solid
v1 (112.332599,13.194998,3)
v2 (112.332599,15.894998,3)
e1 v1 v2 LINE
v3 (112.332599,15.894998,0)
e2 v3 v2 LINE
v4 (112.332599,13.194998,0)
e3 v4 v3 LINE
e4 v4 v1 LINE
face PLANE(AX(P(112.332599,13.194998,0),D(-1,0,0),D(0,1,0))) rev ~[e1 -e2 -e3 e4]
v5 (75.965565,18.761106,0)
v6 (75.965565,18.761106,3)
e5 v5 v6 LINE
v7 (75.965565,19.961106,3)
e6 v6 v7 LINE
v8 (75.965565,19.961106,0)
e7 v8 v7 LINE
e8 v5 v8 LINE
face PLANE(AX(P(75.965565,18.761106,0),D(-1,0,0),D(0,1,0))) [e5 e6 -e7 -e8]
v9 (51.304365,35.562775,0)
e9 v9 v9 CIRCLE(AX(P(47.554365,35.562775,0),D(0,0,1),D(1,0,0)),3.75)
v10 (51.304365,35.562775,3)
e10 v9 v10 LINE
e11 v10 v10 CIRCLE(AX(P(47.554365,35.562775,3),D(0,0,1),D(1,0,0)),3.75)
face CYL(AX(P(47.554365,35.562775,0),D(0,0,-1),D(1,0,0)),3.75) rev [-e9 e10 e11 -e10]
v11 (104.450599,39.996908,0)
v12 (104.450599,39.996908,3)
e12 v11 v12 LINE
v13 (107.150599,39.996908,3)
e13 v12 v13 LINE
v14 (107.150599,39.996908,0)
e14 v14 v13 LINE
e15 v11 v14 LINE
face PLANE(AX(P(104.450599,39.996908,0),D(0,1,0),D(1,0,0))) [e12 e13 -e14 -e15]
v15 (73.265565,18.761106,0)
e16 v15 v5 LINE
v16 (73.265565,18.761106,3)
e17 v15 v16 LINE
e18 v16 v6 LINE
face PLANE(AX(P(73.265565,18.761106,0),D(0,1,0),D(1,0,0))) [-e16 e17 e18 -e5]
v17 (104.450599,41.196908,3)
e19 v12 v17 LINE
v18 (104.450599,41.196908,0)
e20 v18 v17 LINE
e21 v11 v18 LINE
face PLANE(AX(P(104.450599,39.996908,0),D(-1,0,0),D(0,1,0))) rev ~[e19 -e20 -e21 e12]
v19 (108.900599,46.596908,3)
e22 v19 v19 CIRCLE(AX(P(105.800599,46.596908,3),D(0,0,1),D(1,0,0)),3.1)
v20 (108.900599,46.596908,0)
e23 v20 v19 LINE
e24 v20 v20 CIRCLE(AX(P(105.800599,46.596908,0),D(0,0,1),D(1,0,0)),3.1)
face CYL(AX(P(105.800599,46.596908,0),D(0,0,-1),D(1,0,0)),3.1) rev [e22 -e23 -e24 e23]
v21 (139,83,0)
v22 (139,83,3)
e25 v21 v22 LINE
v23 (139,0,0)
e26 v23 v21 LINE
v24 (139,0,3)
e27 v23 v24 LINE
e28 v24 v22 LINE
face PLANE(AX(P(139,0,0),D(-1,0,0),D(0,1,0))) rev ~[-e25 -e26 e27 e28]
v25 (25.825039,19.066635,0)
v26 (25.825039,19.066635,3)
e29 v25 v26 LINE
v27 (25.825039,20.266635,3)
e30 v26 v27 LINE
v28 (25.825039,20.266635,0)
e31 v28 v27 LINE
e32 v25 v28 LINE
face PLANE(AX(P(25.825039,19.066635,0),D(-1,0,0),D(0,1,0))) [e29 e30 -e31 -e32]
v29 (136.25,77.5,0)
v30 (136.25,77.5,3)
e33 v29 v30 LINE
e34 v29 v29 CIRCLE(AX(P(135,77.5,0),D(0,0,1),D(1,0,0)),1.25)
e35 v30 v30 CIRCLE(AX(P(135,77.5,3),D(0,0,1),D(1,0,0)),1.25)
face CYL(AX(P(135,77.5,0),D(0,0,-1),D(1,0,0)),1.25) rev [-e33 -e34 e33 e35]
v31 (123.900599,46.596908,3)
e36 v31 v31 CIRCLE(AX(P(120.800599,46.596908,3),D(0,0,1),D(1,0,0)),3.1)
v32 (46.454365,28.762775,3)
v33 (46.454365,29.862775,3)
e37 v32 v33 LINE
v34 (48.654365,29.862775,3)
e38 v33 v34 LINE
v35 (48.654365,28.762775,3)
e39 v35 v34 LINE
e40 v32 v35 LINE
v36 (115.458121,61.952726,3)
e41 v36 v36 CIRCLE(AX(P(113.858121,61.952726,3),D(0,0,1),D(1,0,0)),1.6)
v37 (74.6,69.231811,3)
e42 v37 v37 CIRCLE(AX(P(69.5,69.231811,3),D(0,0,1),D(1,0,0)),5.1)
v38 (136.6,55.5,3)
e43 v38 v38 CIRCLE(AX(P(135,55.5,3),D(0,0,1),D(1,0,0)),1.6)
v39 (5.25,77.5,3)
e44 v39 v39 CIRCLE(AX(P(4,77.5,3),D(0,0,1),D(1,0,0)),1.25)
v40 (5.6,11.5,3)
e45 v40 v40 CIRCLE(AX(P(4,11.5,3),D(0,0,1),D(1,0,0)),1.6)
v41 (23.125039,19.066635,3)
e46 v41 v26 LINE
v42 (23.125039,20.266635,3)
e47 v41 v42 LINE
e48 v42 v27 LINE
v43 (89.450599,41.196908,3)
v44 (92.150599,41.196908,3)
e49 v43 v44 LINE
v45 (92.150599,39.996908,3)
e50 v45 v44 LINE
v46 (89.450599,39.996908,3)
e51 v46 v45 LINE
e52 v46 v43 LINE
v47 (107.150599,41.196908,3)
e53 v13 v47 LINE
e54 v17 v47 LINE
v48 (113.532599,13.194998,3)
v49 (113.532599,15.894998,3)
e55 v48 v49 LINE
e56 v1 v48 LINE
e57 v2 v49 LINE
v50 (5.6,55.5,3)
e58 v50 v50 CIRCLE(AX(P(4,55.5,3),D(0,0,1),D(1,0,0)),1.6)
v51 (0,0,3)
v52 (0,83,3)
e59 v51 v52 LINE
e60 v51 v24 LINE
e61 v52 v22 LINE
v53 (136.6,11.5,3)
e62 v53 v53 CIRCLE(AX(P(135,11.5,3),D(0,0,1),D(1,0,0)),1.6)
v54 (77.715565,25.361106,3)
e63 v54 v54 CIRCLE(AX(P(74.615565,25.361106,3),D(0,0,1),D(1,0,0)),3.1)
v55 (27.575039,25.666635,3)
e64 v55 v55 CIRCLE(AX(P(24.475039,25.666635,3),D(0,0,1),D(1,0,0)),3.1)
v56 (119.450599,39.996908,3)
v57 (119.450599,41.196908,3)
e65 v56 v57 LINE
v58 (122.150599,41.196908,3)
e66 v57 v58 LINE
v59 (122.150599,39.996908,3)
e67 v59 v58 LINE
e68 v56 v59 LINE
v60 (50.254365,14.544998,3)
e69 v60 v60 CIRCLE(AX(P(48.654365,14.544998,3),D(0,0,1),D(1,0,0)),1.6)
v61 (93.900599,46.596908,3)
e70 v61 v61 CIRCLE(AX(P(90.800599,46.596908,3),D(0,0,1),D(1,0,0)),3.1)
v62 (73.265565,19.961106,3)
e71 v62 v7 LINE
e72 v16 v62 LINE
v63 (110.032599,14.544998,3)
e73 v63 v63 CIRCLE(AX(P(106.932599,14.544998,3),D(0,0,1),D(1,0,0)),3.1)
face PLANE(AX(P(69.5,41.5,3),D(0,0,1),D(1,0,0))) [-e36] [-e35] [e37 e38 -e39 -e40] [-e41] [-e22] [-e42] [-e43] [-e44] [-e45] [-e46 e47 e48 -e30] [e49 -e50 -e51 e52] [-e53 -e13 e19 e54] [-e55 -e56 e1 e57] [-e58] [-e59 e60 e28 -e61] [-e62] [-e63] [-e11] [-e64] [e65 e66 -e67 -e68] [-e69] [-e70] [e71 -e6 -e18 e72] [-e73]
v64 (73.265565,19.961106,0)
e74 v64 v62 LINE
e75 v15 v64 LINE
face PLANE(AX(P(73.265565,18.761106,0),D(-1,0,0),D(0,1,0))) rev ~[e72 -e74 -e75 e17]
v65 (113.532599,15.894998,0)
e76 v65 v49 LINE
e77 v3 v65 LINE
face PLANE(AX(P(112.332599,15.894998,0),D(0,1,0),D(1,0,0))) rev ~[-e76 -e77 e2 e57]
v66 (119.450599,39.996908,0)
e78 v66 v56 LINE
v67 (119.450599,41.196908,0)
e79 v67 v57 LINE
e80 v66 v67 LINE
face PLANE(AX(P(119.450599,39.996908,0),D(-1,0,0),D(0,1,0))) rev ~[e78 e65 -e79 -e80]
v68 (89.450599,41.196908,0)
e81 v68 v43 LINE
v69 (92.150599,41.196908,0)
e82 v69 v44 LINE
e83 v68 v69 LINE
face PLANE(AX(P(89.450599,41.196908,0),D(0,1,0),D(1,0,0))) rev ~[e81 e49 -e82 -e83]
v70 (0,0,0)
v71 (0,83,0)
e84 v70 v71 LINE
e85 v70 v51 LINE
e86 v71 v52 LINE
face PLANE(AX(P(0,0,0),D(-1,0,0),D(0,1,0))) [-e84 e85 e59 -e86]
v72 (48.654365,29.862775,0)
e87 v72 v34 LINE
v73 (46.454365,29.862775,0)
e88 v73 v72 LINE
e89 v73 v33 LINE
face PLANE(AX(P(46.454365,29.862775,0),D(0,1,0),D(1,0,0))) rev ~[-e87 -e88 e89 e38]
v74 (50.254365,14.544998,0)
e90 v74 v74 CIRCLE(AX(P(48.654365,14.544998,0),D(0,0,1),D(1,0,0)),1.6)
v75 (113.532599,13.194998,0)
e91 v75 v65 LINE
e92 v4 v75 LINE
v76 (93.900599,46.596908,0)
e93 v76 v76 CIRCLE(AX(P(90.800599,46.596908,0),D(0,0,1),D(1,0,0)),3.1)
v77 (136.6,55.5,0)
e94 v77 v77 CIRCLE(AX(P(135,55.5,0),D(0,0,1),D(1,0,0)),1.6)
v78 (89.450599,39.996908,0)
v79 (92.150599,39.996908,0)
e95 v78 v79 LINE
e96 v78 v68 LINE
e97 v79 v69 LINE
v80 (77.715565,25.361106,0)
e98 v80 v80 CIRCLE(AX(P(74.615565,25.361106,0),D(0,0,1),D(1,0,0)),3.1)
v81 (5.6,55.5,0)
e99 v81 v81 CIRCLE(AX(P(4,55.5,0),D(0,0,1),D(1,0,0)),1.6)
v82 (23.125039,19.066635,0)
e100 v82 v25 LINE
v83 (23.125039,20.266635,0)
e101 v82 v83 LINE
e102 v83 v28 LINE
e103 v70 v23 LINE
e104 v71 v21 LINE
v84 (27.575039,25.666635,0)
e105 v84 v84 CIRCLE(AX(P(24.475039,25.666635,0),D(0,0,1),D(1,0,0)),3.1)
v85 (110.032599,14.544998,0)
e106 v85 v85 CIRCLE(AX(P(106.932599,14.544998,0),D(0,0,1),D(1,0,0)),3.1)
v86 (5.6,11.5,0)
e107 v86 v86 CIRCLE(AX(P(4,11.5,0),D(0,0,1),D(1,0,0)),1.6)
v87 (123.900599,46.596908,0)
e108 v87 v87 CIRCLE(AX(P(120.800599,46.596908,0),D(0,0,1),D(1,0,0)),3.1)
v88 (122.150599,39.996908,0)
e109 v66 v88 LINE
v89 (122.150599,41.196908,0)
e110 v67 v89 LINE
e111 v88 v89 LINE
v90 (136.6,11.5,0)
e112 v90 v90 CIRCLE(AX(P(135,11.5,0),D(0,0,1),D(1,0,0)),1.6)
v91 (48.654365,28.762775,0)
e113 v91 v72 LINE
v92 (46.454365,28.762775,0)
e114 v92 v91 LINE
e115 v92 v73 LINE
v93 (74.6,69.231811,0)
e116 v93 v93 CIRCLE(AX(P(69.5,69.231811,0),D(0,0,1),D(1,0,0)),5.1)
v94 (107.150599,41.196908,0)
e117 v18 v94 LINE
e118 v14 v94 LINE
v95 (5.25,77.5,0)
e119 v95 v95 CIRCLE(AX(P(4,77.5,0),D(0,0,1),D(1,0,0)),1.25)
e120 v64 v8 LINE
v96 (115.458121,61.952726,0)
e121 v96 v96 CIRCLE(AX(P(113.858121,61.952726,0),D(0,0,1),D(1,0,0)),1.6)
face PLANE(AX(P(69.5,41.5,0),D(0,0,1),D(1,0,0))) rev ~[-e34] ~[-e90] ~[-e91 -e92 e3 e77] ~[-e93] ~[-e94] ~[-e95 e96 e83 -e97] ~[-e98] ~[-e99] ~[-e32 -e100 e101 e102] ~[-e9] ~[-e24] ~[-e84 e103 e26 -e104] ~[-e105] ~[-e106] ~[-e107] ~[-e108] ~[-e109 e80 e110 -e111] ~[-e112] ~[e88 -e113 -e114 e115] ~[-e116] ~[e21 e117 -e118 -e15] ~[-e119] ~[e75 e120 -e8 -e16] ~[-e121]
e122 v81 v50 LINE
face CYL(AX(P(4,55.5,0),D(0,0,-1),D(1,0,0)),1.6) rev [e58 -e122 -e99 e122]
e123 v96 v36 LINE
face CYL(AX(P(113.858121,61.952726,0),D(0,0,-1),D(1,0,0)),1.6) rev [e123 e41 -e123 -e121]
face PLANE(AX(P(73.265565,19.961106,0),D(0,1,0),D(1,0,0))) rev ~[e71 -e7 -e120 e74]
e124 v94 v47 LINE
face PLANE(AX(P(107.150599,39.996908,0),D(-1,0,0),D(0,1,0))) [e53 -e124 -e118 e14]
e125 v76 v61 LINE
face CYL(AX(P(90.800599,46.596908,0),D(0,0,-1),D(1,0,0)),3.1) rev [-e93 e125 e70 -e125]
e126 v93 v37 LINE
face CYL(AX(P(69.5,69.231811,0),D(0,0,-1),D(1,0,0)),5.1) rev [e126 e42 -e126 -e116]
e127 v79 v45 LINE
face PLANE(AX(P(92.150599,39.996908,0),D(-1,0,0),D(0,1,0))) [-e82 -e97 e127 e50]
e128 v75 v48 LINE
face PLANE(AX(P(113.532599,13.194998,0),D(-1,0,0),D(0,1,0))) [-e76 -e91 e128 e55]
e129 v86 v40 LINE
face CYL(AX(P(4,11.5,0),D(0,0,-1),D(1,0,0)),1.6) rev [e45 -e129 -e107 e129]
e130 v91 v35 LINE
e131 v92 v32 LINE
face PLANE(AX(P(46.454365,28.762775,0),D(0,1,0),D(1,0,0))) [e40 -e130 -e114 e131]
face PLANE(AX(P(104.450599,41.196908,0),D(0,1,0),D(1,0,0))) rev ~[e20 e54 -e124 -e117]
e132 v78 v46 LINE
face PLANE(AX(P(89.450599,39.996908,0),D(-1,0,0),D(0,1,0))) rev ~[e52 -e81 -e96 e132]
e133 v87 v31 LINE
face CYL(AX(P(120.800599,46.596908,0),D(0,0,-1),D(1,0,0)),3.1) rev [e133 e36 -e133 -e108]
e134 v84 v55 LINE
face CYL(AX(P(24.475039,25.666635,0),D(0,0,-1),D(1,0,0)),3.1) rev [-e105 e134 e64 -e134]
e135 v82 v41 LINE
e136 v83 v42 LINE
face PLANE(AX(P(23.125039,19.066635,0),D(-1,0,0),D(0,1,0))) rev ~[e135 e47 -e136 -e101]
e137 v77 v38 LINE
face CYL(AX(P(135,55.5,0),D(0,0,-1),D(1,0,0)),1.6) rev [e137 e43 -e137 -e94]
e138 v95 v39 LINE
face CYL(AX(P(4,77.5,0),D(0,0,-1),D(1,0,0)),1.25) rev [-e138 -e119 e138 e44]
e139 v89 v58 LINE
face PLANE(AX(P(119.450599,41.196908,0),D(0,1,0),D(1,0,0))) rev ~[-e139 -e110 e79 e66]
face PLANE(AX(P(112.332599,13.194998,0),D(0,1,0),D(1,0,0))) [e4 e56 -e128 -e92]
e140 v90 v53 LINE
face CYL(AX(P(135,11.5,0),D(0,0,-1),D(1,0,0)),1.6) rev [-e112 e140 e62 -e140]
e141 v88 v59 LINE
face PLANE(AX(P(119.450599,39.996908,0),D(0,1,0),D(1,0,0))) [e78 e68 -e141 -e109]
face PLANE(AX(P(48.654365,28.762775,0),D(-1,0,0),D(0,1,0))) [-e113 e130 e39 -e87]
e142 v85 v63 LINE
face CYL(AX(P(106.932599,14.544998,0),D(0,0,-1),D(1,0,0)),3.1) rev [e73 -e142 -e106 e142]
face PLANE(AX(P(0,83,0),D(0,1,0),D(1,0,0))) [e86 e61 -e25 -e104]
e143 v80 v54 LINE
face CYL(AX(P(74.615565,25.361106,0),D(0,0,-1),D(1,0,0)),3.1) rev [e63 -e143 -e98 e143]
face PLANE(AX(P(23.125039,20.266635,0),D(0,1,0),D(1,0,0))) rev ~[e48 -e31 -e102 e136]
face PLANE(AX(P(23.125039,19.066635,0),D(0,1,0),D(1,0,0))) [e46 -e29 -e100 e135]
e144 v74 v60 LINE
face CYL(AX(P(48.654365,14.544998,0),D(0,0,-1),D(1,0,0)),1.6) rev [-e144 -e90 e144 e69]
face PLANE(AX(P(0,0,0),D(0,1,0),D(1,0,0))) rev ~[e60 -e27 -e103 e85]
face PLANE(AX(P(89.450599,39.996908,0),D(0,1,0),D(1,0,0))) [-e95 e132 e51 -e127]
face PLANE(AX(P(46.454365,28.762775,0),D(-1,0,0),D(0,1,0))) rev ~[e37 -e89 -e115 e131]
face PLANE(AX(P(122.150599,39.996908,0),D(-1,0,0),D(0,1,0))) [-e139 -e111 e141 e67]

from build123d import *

# Parameters (mm, degrees)
SKETCH1_W           = 139
SKETCH1_H           = 83
SKETCH1_R           = 1.6
SKETCH1_R_2         = 3.1
SKETCH1_R_3         = 1.25
SKETCH1_R_4         = 3.75
SKETCH1_R_5         = 5.1
SKETCH1_W_2         = 2.7
SKETCH1_H_2         = 1.2
SKETCH1_W_3         = 1.2
SKETCH1_H_3         = 2.7
SKETCH1_W_4         = 2.2
SKETCH1_H_4         = 1.1
BOSS_EXTRUDE1_DEPTH = 3


with BuildPart() as part:
    # Sketch1 → Boss-Extrude1 (new body)
    with BuildSketch(Plane.XY):
        with Locations((69.5, 41.5)):
            Rectangle(SKETCH1_W, SKETCH1_H)
        with Locations((4, 55.5)):
            Circle(SKETCH1_R, mode=Mode.SUBTRACT)
        with Locations((135, 55.5)):
            Circle(SKETCH1_R, mode=Mode.SUBTRACT)
        with Locations((135, 11.5)):
            Circle(SKETCH1_R, mode=Mode.SUBTRACT)
        with Locations((4, 11.5)):
            Circle(SKETCH1_R, mode=Mode.SUBTRACT)
        with Locations((48.65436543, 14.544998484)):
            Circle(SKETCH1_R, mode=Mode.SUBTRACT)
        with Locations((24.475038928, 25.666634818)):
            Circle(SKETCH1_R_2, mode=Mode.SUBTRACT)
        with Locations((135, 77.5)):
            Circle(SKETCH1_R_3, mode=Mode.SUBTRACT)
        with Locations((4, 77.5)):
            Circle(SKETCH1_R_3, mode=Mode.SUBTRACT)
        with Locations((74.615565323, 25.361106272)):
            Circle(SKETCH1_R_2, mode=Mode.SUBTRACT)
        with Locations((106.932598637, 14.544998484)):
            Circle(SKETCH1_R_2, mode=Mode.SUBTRACT)
        with Locations((47.55436543, 35.562774654)):
            Circle(SKETCH1_R_4, mode=Mode.SUBTRACT)
        with Locations((69.5, 69.231811206)):
            Circle(SKETCH1_R_5, mode=Mode.SUBTRACT)
        with Locations((113.858121324, 61.952726152)):
            Circle(SKETCH1_R, mode=Mode.SUBTRACT)
        with Locations((90.80059856, 46.596907859)):
            Circle(SKETCH1_R_2, mode=Mode.SUBTRACT)
        with Locations((105.80059856, 46.596907859)):
            Circle(SKETCH1_R_2, mode=Mode.SUBTRACT)
        with Locations((120.80059856, 46.596907859)):
            Circle(SKETCH1_R_2, mode=Mode.SUBTRACT)
        with Locations((74.615565323, 19.361106272)):
            Rectangle(SKETCH1_W_2, SKETCH1_H_2, mode=Mode.SUBTRACT)
        with Locations((24.475038928, 19.666634818)):
            Rectangle(SKETCH1_W_2, SKETCH1_H_2, mode=Mode.SUBTRACT)
        with Locations((112.932598637, 14.544998484)):
            Rectangle(SKETCH1_W_3, SKETCH1_H_3, mode=Mode.SUBTRACT)
        with Locations((47.55436543, 29.312774654)):
            Rectangle(SKETCH1_W_4, SKETCH1_H_4, mode=Mode.SUBTRACT)
        with Locations((90.80059856, 40.596907859)):
            Rectangle(SKETCH1_W_2, SKETCH1_H_2, mode=Mode.SUBTRACT)
        with Locations((105.80059856, 40.596907859)):
            Rectangle(SKETCH1_W_2, SKETCH1_H_2, mode=Mode.SUBTRACT)
        with Locations((120.80059856, 40.596907859)):
            Rectangle(SKETCH1_W_2, SKETCH1_H_2, mode=Mode.SUBTRACT)
    extrude(amount=BOSS_EXTRUDE1_DEPTH)


solid = part.part
